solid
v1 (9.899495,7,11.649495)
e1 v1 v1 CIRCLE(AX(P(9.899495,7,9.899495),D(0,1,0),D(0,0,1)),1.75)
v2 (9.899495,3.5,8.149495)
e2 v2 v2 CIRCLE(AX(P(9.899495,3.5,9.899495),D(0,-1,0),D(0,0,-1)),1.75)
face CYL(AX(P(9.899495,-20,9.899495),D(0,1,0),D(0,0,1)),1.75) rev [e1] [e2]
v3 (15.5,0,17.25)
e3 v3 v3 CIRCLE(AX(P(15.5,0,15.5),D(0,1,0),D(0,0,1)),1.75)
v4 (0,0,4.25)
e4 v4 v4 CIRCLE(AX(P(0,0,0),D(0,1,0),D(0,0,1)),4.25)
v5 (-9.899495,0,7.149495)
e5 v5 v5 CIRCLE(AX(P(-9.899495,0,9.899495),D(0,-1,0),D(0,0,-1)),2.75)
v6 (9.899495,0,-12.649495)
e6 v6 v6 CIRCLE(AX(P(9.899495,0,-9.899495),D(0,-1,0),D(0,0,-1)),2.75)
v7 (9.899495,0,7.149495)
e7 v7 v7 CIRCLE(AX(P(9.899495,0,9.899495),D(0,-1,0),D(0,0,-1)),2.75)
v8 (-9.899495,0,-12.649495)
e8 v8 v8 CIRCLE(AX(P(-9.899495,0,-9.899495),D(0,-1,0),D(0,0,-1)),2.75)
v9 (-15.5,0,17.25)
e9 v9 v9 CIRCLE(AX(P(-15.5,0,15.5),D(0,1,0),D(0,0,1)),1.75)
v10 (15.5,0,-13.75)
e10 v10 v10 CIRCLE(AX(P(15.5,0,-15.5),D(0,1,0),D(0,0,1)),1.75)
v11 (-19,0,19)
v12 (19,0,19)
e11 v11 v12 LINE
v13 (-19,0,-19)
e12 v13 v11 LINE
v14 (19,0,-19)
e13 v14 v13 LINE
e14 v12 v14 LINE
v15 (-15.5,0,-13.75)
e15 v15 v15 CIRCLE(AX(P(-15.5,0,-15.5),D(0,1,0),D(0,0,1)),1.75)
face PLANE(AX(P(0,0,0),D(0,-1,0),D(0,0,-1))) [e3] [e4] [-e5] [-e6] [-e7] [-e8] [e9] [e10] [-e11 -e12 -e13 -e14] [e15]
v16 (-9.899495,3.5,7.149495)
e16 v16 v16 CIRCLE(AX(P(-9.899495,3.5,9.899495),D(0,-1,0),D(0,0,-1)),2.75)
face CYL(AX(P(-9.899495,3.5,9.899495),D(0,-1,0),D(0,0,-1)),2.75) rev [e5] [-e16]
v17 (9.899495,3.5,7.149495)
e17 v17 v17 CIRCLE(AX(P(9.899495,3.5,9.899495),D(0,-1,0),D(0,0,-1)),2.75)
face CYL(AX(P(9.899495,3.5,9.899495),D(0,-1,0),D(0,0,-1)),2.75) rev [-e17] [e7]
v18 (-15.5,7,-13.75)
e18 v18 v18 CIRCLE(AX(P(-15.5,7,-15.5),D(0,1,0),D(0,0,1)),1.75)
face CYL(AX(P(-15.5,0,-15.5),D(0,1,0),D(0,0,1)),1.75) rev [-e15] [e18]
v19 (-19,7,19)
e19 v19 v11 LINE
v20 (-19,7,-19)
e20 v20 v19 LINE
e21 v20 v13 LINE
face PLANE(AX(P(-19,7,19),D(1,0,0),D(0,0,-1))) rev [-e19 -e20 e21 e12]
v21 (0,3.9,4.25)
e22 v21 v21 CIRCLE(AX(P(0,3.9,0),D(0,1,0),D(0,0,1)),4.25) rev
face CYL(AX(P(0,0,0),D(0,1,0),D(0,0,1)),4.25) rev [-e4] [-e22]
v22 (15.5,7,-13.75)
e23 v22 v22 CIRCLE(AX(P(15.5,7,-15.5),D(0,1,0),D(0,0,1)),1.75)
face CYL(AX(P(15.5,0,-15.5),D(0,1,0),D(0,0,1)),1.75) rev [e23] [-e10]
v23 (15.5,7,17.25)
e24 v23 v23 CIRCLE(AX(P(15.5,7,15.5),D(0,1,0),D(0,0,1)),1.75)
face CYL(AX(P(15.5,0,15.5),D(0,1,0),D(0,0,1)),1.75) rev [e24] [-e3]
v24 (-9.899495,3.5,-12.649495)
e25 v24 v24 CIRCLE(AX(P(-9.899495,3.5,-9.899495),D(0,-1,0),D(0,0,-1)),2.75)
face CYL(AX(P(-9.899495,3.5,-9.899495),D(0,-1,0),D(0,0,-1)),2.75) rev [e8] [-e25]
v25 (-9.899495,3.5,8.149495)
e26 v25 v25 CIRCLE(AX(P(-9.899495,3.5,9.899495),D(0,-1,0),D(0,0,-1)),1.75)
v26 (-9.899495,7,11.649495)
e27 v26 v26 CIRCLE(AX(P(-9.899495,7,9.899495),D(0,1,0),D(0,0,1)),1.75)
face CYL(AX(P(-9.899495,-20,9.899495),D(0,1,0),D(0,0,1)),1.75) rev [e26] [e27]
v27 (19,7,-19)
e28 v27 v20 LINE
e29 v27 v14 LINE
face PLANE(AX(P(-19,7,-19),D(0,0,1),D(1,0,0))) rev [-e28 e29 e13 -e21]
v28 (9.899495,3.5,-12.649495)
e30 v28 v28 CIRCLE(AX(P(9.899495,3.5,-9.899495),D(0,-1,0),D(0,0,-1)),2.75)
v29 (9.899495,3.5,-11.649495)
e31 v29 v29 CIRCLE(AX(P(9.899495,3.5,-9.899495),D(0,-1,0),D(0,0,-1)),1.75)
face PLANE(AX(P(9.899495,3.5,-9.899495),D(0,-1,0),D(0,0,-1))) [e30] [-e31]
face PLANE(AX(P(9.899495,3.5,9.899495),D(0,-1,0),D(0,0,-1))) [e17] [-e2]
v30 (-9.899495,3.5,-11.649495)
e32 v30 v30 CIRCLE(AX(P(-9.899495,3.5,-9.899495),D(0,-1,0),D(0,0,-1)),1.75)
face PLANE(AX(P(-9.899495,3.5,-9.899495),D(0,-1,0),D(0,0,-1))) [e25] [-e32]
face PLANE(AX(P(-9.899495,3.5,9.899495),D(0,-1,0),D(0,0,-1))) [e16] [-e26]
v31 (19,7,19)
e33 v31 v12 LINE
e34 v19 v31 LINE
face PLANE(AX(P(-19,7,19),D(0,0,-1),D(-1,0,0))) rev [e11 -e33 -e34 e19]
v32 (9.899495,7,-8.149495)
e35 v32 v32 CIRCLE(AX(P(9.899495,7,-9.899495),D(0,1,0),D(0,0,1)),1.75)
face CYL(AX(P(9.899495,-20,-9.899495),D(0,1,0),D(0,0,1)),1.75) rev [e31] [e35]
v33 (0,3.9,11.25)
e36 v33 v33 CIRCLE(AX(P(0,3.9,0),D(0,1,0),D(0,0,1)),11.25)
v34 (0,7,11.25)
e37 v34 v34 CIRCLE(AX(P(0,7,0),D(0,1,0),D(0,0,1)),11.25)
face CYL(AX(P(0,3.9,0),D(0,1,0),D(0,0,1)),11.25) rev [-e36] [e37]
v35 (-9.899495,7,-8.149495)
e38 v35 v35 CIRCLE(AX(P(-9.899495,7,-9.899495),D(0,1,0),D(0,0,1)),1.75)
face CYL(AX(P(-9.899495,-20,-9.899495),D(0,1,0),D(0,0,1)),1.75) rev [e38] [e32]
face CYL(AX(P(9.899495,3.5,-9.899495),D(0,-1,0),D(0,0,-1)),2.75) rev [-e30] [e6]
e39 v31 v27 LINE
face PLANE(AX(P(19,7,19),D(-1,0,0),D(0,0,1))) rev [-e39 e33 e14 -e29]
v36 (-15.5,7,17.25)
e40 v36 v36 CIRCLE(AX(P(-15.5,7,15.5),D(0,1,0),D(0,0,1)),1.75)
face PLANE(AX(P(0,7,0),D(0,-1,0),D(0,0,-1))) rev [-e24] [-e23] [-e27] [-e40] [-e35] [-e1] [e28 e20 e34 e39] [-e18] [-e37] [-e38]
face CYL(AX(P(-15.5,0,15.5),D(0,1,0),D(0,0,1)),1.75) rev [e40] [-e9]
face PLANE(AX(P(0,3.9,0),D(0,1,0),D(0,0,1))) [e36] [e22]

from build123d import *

# Parameters (mm, degrees)
SKETCH1_W           = 38
SKETCH1_H           = 38
BOSS_EXTRUDE1_DEPTH = 7
SKETCH2_R           = 4.25
CUT_EXTRUDE1_DEPTH  = 7
SKETCH3_R           = 11.25
CUT_EXTRUDE2_DEPTH  = 3.1
SKETCH5_R           = 1.75
CUT_EXTRUDE3_DEPTH  = 27
SKETCH6_R           = 2.75
SKETCH6_R_2         = 1.75
CUT_EXTRUDE14_DEPTH = 3.5


with BuildPart() as part:
    # Sketch1 → Boss-Extrude1 (new body)
    with BuildSketch(Plane(origin=(0, 0, 0), x_dir=(1, 0, 0), z_dir=(0, 1, 0))):
        Rectangle(SKETCH1_W, SKETCH1_H)
    extrude(amount=BOSS_EXTRUDE1_DEPTH)

    # Sketch2 → Cut-Extrude1 (cut)
    with BuildSketch(Plane(origin=(0, 7, 0), x_dir=(1, 0, 0), z_dir=(0, 1, 0))):
        with BuildLine():
            ThreePointArc((-13.75, 15.5), (-16.737436867, 16.737436867), (-15.5, 13.75))
            Line((-15.5, 13.75), (-15.5, 15.5))
            Line((-15.5, 15.5), (-13.75, 15.5))
        make_face()
        with BuildLine():
            Line((-15.5, 15.5), (-15.5, 13.75))
            ThreePointArc((-15.5, 13.75), (-14.262563133, 14.262563133), (-13.75, 15.5))
            Line((-13.75, 15.5), (-15.5, 15.5))
        make_face()
        with BuildLine():
            ThreePointArc((13.75, 15.5), (14.262563133, 14.262563133), (15.5, 13.75))
            Line((15.5, 13.75), (15.5, 15.5))
            Line((15.5, 15.5), (13.75, 15.5))
        make_face()
        with BuildLine():
            Line((15.5, 15.5), (15.5, 13.75))
            ThreePointArc((15.5, 13.75), (16.737436867, 14.262563133), (17.25, 15.5))
            ThreePointArc((17.25, 15.5), (15.5, 17.25), (13.75, 15.5))
            Line((13.75, 15.5), (15.5, 15.5))
        make_face()
        with BuildLine():
            ThreePointArc((15.5, -13.75), (14.262563133, -14.262563133), (13.75, -15.5))
            Line((13.75, -15.5), (15.5, -15.5))
            Line((15.5, -15.5), (15.5, -13.75))
        make_face()
        with BuildLine():
            Line((15.5, -15.5), (13.75, -15.5))
            ThreePointArc((13.75, -15.5), (15.5, -17.25), (17.25, -15.5))
            ThreePointArc((17.25, -15.5), (16.737436867, -14.262563133), (15.5, -13.75))
            Line((15.5, -13.75), (15.5, -15.5))
        make_face()
        with BuildLine():
            ThreePointArc((-15.5, -13.75), (-16.737436867, -16.737436867), (-13.75, -15.5))
            Line((-13.75, -15.5), (-15.5, -15.5))
            Line((-15.5, -15.5), (-15.5, -13.75))
        make_face()
        with BuildLine():
            Line((-15.5, -15.5), (-13.75, -15.5))
            ThreePointArc((-13.75, -15.5), (-14.262563133, -14.262563133), (-15.5, -13.75))
            Line((-15.5, -13.75), (-15.5, -15.5))
        make_face()
        Circle(SKETCH2_R)
    extrude(amount=-CUT_EXTRUDE1_DEPTH, mode=Mode.SUBTRACT)

    # Sketch3 → Cut-Extrude2 (cut)
    with BuildSketch(Plane(origin=(0, 7, 0), x_dir=(1, 0, 0), z_dir=(0, 1, 0))):
        Circle(SKETCH3_R)
    extrude(amount=-CUT_EXTRUDE2_DEPTH, mode=Mode.SUBTRACT)

    # Sketch5 → Cut-Extrude3 (cut)
    with BuildSketch(Plane(origin=(0, 7, 0), x_dir=(1, 0, 0), z_dir=(0, 1, 0))):
        with Locations((-9.899494937, 9.899494937)):
            Circle(SKETCH5_R)
        with Locations((9.899494937, 9.899494937)):
            Circle(SKETCH5_R)
        with Locations((9.899494937, -9.899494937)):
            Circle(SKETCH5_R)
        with Locations((-9.899494937, -9.899494937)):
            Circle(SKETCH5_R)
    extrude(amount=-CUT_EXTRUDE3_DEPTH, mode=Mode.SUBTRACT)

    # Sketch6 → Cut-Extrude14 (cut)
    with BuildSketch(Plane.XZ):
        with Locations((-9.899494937, 9.899494937)):
            Circle(SKETCH6_R)
        with Locations((-9.899494937, 9.899494937)):
            Circle(SKETCH6_R_2, mode=Mode.SUBTRACT)
        with Locations((9.899494937, 9.899494937)):
            Circle(SKETCH6_R)
        with Locations((9.899494937, 9.899494937)):
            Circle(SKETCH6_R_2, mode=Mode.SUBTRACT)
        with Locations((9.899494937, -9.899494937)):
            Circle(SKETCH6_R)
        with Locations((9.899494937, -9.899494937)):
            Circle(SKETCH6_R_2, mode=Mode.SUBTRACT)
        with Locations((-9.899494937, -9.899494937)):
            Circle(SKETCH6_R)
        with Locations((-9.899494937, -9.899494937)):
            Circle(SKETCH6_R_2, mode=Mode.SUBTRACT)
    extrude(amount=-CUT_EXTRUDE14_DEPTH, mode=Mode.SUBTRACT)


solid = part.part
